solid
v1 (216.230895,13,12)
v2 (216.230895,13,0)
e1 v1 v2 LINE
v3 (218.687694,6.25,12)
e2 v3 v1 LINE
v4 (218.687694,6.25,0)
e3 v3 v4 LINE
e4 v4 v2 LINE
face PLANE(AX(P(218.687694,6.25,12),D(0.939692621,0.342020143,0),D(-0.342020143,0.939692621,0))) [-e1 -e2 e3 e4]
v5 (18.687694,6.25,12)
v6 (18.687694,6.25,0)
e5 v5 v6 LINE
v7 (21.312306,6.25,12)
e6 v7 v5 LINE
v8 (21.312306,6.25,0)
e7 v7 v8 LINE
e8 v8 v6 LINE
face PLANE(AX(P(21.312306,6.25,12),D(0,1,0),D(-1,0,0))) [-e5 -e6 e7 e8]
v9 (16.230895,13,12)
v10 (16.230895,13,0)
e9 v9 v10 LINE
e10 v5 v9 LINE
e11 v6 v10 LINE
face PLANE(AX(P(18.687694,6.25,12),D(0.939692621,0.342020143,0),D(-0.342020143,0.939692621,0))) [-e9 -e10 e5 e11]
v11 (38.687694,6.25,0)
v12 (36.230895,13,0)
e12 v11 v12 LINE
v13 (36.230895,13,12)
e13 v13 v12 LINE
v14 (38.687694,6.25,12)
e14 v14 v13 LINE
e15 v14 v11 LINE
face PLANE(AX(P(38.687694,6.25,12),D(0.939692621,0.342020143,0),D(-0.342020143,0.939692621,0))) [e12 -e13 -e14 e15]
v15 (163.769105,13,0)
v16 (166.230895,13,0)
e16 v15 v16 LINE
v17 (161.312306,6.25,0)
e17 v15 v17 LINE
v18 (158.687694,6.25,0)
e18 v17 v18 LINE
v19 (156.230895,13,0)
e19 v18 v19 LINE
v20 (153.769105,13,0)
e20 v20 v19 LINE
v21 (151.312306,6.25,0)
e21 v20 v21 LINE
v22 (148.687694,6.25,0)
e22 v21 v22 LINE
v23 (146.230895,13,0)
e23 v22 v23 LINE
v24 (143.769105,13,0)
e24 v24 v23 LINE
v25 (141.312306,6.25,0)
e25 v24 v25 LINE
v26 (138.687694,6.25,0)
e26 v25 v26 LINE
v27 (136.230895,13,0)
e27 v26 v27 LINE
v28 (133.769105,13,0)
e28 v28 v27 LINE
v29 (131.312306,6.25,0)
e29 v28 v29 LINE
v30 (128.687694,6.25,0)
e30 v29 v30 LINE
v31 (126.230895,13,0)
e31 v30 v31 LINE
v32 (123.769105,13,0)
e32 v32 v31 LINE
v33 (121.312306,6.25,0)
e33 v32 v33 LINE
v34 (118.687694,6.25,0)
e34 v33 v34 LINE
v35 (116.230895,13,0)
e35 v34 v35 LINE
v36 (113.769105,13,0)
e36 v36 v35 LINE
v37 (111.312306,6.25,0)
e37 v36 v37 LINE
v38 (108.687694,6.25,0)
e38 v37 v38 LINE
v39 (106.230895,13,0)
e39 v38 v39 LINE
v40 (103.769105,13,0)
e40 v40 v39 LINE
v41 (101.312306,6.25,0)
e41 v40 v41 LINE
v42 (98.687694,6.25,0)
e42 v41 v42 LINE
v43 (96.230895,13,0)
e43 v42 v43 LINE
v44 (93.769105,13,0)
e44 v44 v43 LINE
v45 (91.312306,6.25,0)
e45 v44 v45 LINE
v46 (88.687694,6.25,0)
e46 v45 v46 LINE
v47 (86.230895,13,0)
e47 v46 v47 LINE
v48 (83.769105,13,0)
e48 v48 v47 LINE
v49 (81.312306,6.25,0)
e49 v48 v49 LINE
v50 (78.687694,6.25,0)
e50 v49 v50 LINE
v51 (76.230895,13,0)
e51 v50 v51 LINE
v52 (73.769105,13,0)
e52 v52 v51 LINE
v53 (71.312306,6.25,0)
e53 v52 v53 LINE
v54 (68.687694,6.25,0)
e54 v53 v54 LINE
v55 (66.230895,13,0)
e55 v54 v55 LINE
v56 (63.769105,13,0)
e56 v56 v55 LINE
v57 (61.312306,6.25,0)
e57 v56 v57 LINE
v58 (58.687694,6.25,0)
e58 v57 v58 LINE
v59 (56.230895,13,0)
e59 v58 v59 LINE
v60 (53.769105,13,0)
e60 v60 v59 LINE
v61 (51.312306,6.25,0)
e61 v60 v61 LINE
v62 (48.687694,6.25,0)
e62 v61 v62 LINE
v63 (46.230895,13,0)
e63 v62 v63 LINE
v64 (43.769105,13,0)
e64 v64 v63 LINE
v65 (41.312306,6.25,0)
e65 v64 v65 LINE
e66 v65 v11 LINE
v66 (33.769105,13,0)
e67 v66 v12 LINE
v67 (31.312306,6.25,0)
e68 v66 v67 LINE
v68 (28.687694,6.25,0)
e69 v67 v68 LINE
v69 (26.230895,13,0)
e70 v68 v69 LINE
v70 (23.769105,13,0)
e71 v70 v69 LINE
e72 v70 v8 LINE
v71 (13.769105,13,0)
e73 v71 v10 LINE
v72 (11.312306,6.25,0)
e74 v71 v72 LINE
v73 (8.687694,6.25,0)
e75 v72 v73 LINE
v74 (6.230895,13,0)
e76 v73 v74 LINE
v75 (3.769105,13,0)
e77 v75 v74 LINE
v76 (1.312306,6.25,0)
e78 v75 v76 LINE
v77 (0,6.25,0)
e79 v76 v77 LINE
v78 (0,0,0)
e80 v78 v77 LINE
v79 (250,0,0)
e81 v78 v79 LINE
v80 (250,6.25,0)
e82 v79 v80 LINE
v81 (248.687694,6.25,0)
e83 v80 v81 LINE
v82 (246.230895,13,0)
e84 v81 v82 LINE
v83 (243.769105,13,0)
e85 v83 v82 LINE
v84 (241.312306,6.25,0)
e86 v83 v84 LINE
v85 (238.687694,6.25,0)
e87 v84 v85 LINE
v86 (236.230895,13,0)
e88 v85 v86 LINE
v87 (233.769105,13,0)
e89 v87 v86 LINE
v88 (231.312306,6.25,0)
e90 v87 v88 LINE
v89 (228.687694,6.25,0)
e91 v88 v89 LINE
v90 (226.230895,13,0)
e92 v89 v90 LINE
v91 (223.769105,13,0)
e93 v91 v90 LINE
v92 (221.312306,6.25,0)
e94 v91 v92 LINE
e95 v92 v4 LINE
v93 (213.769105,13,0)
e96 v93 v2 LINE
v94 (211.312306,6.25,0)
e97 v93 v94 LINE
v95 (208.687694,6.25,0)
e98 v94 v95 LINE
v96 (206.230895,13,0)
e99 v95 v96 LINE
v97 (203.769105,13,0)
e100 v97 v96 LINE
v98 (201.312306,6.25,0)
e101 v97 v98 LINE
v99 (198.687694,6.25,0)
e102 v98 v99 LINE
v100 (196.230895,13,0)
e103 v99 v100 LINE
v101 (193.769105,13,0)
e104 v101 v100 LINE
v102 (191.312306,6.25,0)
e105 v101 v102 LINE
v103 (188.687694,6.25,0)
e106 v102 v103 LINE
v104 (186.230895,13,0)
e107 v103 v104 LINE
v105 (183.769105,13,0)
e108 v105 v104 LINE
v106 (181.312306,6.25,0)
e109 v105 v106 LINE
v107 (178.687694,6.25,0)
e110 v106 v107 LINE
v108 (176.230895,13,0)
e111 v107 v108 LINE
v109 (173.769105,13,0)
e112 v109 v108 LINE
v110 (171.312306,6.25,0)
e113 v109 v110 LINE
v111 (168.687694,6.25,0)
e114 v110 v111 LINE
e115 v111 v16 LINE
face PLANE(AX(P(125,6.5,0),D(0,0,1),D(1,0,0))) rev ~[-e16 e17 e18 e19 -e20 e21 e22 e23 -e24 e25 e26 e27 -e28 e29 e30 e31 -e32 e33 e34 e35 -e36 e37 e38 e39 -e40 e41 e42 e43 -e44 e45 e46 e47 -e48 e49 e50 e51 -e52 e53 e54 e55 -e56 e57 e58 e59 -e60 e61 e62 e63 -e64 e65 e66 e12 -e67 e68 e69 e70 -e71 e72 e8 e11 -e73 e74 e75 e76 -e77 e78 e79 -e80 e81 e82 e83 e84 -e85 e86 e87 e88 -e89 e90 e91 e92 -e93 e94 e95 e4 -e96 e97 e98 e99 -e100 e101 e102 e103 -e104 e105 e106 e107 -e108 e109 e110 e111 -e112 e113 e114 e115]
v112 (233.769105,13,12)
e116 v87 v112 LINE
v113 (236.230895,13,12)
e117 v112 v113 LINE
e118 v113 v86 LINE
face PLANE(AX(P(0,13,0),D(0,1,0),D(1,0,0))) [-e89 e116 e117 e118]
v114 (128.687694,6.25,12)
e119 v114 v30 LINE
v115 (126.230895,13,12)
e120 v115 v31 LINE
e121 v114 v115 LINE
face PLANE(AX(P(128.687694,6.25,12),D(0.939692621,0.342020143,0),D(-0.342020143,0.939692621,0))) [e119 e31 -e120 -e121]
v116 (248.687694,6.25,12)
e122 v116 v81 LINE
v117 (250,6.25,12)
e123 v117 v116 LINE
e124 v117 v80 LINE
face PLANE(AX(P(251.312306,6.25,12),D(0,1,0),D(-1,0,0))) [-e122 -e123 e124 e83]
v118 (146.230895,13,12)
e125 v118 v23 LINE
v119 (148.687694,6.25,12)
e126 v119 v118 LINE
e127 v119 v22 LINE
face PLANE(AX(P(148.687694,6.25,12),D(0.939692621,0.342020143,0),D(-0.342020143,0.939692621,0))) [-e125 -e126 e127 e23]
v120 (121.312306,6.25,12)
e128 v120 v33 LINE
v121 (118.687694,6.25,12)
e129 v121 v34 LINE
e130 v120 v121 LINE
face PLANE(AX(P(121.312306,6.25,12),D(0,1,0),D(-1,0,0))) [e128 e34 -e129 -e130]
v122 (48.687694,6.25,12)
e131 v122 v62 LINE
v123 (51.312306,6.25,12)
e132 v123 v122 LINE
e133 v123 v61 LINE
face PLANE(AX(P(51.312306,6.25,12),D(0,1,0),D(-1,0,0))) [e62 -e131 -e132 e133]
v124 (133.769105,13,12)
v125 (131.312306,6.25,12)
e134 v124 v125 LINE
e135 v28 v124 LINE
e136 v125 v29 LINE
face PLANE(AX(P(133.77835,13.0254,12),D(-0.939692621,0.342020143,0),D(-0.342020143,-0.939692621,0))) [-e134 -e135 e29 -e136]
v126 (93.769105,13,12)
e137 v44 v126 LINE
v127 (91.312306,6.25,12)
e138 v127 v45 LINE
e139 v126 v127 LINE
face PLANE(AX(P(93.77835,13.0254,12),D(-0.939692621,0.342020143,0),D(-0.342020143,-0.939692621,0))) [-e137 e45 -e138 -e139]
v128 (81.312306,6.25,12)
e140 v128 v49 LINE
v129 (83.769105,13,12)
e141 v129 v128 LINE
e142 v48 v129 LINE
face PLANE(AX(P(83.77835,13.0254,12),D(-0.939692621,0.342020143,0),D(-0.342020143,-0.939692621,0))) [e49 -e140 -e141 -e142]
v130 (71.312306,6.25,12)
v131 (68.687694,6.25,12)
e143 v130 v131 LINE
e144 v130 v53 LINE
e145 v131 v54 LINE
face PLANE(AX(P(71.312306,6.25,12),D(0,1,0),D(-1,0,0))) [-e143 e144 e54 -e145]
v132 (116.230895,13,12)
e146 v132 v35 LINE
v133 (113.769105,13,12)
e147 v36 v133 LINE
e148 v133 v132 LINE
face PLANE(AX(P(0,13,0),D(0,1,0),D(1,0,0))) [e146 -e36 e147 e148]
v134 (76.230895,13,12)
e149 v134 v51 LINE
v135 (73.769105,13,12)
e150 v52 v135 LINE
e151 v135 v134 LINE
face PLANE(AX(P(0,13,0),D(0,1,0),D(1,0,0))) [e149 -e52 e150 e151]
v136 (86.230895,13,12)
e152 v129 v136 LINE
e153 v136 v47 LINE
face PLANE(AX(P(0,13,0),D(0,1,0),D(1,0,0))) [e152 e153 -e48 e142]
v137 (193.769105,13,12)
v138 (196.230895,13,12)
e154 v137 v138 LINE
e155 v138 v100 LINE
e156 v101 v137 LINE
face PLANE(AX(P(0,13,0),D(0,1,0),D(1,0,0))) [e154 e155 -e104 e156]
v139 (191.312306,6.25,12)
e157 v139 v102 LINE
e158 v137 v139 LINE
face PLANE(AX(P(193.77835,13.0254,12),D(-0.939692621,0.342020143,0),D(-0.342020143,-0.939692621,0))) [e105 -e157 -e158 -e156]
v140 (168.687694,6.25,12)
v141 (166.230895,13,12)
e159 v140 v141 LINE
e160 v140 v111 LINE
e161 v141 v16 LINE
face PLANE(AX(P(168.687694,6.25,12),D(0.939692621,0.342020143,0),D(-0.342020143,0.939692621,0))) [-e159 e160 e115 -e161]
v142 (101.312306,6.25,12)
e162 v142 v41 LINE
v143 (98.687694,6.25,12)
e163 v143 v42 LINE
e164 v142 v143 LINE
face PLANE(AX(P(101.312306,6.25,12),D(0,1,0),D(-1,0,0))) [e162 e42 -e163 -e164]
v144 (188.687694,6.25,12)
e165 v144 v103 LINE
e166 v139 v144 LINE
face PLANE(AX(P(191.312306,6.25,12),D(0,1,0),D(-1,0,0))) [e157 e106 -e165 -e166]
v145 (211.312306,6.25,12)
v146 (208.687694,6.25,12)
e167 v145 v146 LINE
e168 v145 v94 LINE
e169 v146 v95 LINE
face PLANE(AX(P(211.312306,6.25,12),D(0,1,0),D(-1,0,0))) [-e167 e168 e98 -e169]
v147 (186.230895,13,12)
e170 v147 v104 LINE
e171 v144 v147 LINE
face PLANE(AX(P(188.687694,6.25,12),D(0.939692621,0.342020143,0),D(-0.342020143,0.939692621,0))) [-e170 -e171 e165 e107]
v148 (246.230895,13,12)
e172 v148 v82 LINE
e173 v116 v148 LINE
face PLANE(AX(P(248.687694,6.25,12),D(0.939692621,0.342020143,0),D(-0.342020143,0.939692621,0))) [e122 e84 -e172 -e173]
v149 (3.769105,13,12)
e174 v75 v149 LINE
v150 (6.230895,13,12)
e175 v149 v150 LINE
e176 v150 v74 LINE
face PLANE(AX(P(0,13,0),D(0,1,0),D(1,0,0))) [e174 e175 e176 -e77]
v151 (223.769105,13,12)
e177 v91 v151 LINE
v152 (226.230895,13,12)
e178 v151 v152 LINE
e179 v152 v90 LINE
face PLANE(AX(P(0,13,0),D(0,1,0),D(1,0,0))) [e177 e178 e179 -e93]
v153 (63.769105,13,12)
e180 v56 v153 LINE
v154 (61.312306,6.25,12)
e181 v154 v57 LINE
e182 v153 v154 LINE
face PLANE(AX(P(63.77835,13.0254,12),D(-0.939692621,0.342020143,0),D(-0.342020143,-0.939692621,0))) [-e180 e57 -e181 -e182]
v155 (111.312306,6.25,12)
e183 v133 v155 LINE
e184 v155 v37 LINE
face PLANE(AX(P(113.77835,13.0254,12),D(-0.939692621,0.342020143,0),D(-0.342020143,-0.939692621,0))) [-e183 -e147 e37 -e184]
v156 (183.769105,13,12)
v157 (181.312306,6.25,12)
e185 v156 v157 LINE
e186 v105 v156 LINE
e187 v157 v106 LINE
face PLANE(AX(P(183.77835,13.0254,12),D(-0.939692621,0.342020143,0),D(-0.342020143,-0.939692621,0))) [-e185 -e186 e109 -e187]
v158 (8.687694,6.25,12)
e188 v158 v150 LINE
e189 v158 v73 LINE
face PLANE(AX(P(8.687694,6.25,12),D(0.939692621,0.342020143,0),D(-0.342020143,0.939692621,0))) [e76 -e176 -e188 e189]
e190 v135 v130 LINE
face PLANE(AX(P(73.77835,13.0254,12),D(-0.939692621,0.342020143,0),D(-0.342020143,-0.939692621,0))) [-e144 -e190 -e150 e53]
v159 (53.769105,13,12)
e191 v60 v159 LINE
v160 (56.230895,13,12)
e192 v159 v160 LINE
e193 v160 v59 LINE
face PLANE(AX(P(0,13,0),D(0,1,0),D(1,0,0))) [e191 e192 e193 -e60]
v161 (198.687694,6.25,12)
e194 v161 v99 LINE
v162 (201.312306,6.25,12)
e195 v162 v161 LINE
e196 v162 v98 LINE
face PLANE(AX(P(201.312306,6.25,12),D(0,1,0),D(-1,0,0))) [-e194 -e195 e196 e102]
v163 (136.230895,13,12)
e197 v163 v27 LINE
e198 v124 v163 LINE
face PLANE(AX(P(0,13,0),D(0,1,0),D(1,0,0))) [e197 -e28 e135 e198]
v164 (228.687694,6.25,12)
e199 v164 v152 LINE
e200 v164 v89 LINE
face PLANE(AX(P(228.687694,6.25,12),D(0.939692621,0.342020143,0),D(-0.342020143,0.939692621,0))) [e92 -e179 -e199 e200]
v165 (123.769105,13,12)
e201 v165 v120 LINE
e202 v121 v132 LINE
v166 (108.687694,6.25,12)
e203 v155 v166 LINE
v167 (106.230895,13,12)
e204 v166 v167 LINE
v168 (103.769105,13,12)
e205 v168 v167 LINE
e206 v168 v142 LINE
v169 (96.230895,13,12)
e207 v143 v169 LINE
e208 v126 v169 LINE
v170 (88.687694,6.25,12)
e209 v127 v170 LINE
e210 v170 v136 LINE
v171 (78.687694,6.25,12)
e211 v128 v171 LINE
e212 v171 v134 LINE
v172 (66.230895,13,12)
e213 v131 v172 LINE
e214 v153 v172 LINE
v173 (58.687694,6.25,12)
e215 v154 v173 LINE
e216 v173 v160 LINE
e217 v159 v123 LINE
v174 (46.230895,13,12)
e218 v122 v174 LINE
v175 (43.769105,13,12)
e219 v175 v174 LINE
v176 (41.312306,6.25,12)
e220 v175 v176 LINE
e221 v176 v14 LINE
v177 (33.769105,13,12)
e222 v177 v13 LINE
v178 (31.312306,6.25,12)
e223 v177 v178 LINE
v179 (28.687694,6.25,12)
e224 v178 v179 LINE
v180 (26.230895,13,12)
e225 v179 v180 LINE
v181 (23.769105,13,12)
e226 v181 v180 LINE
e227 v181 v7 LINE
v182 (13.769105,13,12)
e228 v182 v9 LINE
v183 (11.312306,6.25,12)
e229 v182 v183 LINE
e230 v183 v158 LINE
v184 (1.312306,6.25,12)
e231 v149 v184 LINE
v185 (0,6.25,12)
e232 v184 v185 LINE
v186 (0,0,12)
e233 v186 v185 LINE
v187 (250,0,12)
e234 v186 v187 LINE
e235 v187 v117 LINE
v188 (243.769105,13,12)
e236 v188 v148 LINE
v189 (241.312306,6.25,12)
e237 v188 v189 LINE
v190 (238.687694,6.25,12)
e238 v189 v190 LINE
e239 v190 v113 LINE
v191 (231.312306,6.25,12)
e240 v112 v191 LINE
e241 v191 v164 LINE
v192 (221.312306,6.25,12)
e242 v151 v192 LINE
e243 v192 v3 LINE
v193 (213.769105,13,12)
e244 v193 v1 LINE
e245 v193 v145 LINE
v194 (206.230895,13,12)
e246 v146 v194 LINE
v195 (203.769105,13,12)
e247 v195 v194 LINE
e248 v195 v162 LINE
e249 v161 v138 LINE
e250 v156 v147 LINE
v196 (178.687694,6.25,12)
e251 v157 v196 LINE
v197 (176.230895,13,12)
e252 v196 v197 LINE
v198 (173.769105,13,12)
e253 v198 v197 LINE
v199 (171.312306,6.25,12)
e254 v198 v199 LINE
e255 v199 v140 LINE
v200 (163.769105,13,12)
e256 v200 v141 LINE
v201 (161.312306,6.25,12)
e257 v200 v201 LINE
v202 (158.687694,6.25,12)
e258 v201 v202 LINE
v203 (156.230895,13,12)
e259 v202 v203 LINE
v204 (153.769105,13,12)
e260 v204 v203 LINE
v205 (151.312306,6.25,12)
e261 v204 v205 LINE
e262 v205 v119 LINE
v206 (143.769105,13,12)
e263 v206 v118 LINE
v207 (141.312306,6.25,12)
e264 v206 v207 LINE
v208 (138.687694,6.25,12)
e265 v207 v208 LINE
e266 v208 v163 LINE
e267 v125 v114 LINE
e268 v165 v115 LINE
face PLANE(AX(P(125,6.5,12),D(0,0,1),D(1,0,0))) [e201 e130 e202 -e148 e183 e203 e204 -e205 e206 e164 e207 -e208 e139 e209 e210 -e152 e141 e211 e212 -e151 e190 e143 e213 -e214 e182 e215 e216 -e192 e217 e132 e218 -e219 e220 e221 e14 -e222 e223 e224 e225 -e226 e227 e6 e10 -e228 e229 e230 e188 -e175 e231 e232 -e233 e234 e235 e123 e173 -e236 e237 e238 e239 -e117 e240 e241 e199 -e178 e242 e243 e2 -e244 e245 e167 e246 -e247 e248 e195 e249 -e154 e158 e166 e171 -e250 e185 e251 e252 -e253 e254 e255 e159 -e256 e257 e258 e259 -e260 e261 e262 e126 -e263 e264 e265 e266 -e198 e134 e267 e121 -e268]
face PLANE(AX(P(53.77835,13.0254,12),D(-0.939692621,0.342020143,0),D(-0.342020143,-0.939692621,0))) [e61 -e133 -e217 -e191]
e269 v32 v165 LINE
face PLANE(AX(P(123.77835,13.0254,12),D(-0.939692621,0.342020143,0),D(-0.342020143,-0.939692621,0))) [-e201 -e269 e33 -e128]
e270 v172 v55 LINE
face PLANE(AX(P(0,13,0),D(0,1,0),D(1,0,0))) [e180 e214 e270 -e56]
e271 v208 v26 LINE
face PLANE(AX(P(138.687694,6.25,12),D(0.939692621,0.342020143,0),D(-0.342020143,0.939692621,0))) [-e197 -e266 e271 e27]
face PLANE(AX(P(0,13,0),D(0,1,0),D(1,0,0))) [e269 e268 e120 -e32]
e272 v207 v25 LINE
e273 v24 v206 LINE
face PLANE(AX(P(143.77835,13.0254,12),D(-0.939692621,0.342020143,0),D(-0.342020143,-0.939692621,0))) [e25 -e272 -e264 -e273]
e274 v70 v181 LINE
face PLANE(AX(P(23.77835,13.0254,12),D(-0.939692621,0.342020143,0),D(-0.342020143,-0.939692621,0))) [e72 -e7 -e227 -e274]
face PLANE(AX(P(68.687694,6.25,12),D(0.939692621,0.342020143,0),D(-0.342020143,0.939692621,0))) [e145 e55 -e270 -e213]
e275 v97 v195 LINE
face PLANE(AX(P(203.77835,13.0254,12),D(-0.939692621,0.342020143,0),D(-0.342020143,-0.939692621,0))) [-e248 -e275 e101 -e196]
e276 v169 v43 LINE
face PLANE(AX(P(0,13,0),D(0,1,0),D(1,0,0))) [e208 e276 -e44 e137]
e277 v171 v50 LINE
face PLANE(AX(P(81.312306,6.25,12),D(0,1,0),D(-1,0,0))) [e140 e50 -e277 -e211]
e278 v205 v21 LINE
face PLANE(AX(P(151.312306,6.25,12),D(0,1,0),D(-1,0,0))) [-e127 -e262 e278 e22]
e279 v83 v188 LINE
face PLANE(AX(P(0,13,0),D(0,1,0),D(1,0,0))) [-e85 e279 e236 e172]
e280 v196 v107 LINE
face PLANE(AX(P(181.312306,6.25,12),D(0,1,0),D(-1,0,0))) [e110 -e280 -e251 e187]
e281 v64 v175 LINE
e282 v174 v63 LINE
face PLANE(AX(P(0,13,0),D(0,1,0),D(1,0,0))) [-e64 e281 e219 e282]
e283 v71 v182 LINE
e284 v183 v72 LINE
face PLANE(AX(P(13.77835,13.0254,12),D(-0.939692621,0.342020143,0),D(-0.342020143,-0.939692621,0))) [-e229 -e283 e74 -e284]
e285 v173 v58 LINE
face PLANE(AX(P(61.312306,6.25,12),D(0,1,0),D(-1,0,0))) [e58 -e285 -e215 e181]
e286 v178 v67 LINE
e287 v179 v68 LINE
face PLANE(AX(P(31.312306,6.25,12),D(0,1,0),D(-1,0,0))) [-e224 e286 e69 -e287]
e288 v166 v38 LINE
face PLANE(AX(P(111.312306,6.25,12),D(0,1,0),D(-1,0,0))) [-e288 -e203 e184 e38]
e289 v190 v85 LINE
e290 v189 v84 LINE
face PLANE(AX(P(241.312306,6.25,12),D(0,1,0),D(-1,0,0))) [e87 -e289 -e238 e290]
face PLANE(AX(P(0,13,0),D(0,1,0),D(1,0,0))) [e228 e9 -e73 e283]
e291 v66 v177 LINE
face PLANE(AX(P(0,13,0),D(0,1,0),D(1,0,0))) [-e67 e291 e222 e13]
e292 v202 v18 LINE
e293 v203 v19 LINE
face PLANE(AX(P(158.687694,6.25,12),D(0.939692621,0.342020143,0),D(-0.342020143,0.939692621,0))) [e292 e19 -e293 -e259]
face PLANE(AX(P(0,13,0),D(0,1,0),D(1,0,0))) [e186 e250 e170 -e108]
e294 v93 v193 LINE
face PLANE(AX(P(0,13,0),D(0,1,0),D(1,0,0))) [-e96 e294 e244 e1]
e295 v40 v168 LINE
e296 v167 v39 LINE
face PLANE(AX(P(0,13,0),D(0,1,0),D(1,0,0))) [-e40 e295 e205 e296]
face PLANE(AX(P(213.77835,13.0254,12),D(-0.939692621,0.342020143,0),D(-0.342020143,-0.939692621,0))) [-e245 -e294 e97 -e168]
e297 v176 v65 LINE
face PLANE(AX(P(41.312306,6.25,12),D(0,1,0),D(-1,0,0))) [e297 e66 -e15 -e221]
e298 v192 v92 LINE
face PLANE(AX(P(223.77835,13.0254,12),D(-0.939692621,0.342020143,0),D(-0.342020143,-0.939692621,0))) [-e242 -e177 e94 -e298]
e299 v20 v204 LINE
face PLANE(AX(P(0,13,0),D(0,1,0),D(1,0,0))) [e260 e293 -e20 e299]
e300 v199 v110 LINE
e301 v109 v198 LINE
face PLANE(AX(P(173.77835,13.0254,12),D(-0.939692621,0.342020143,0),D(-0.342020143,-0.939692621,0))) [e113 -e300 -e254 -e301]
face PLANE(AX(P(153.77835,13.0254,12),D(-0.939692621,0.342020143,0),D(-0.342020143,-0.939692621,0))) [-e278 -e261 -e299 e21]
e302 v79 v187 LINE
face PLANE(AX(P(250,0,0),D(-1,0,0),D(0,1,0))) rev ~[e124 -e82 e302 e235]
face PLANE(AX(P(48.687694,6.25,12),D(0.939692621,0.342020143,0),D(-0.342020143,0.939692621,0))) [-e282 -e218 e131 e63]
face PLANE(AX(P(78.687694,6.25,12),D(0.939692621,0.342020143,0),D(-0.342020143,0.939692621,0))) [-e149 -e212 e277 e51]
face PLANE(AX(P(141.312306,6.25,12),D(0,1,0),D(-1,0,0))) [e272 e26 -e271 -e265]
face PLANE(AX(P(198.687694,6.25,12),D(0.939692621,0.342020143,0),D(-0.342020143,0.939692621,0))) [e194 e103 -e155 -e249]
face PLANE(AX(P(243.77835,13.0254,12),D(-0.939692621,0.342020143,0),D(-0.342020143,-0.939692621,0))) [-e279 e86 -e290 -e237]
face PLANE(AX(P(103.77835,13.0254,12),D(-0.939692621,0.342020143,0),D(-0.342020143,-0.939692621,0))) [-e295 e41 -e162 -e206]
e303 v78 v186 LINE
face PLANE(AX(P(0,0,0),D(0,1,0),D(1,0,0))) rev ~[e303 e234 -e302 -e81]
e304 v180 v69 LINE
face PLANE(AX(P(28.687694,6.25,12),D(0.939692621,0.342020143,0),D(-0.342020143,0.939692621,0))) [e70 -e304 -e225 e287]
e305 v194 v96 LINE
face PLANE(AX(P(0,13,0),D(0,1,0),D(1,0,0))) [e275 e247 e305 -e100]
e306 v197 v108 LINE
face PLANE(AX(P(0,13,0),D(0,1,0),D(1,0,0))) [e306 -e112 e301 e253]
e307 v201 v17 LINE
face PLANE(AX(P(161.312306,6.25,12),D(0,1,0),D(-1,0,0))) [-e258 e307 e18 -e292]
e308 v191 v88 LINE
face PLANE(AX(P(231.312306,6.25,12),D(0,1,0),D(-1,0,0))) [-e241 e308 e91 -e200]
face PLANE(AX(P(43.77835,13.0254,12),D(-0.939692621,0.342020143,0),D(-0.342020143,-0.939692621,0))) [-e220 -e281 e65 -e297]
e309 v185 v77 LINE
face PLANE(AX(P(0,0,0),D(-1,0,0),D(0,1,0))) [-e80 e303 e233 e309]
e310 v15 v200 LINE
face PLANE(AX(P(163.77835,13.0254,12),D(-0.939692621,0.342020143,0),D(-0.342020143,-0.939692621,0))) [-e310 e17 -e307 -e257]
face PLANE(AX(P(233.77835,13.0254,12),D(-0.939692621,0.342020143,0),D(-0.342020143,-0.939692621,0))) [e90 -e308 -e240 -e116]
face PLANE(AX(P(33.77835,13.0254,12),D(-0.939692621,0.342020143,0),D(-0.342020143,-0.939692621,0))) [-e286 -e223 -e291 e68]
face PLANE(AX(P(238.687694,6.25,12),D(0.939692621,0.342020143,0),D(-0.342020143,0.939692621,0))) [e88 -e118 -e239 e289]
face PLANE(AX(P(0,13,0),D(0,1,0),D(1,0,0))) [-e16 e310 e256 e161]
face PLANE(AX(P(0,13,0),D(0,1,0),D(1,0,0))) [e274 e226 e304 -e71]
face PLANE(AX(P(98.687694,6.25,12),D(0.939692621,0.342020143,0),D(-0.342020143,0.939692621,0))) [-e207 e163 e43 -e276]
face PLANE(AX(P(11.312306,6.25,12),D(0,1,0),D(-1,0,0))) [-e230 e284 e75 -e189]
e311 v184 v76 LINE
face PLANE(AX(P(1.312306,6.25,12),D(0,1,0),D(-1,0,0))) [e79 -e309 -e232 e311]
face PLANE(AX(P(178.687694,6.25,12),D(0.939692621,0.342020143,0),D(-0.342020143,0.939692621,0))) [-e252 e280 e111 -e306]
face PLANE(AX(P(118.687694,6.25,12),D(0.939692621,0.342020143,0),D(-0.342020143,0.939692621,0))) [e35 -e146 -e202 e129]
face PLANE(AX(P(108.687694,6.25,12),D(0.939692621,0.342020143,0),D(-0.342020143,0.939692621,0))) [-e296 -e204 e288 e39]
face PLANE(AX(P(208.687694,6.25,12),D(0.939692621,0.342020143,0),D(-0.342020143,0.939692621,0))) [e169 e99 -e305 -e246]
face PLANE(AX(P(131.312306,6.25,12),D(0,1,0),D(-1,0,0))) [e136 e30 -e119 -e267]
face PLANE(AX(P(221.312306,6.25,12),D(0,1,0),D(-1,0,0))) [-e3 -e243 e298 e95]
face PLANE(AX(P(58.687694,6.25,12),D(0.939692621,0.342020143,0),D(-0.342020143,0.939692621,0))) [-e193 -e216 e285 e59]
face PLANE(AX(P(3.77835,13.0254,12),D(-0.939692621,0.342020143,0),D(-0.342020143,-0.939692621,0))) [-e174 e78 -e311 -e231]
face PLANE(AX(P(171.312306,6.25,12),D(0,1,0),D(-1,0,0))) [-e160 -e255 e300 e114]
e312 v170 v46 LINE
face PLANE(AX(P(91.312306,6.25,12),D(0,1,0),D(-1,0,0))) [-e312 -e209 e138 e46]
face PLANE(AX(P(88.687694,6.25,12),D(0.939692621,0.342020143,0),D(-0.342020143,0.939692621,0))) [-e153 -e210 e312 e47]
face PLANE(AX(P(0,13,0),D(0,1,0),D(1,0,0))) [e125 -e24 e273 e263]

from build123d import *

# Parameters (mm, degrees)
ESBO_O1_W                = 250
ESBO_O1_H                = 13
RESSALTO_EXTRUS_O1_DEPTH = 12
CORTE_EXTRUS_O1_DEPTH    = 251.625218204
PADR_O_LINEAR1_COUNT     = 28
PADR_O_LINEAR1_PITCH     = 10


with BuildPart() as part:
    # Esboço1 → Ressalto-extrusão1 (new body)
    with BuildSketch(Plane.XY):
        with Locations((125, 6.5)):
            Rectangle(ESBO_O1_W, ESBO_O1_H)
    extrude(amount=RESSALTO_EXTRUS_O1_DEPTH)

    # Esboço2 → Corte-extrusão1 (cut, through all)
    with BuildSketch(Plane.XY.offset(12)):
        Polygon((1.312306109, 6.25), (-1.312306109, 6.25), (-3.778350034, 13.0254), (3.778350034, 13.0254), align=None)
    corte_extrus_o1 = extrude(amount=-CORTE_EXTRUS_O1_DEPTH, mode=Mode.SUBTRACT)

    # Padrão linear1: Corte-extrusão1 ×28
    with Locations(*[(i * PADR_O_LINEAR1_PITCH, 0, 0) for i in range(1, PADR_O_LINEAR1_COUNT)]):
        add(corte_extrus_o1, mode=Mode.SUBTRACT)


solid = part.part
